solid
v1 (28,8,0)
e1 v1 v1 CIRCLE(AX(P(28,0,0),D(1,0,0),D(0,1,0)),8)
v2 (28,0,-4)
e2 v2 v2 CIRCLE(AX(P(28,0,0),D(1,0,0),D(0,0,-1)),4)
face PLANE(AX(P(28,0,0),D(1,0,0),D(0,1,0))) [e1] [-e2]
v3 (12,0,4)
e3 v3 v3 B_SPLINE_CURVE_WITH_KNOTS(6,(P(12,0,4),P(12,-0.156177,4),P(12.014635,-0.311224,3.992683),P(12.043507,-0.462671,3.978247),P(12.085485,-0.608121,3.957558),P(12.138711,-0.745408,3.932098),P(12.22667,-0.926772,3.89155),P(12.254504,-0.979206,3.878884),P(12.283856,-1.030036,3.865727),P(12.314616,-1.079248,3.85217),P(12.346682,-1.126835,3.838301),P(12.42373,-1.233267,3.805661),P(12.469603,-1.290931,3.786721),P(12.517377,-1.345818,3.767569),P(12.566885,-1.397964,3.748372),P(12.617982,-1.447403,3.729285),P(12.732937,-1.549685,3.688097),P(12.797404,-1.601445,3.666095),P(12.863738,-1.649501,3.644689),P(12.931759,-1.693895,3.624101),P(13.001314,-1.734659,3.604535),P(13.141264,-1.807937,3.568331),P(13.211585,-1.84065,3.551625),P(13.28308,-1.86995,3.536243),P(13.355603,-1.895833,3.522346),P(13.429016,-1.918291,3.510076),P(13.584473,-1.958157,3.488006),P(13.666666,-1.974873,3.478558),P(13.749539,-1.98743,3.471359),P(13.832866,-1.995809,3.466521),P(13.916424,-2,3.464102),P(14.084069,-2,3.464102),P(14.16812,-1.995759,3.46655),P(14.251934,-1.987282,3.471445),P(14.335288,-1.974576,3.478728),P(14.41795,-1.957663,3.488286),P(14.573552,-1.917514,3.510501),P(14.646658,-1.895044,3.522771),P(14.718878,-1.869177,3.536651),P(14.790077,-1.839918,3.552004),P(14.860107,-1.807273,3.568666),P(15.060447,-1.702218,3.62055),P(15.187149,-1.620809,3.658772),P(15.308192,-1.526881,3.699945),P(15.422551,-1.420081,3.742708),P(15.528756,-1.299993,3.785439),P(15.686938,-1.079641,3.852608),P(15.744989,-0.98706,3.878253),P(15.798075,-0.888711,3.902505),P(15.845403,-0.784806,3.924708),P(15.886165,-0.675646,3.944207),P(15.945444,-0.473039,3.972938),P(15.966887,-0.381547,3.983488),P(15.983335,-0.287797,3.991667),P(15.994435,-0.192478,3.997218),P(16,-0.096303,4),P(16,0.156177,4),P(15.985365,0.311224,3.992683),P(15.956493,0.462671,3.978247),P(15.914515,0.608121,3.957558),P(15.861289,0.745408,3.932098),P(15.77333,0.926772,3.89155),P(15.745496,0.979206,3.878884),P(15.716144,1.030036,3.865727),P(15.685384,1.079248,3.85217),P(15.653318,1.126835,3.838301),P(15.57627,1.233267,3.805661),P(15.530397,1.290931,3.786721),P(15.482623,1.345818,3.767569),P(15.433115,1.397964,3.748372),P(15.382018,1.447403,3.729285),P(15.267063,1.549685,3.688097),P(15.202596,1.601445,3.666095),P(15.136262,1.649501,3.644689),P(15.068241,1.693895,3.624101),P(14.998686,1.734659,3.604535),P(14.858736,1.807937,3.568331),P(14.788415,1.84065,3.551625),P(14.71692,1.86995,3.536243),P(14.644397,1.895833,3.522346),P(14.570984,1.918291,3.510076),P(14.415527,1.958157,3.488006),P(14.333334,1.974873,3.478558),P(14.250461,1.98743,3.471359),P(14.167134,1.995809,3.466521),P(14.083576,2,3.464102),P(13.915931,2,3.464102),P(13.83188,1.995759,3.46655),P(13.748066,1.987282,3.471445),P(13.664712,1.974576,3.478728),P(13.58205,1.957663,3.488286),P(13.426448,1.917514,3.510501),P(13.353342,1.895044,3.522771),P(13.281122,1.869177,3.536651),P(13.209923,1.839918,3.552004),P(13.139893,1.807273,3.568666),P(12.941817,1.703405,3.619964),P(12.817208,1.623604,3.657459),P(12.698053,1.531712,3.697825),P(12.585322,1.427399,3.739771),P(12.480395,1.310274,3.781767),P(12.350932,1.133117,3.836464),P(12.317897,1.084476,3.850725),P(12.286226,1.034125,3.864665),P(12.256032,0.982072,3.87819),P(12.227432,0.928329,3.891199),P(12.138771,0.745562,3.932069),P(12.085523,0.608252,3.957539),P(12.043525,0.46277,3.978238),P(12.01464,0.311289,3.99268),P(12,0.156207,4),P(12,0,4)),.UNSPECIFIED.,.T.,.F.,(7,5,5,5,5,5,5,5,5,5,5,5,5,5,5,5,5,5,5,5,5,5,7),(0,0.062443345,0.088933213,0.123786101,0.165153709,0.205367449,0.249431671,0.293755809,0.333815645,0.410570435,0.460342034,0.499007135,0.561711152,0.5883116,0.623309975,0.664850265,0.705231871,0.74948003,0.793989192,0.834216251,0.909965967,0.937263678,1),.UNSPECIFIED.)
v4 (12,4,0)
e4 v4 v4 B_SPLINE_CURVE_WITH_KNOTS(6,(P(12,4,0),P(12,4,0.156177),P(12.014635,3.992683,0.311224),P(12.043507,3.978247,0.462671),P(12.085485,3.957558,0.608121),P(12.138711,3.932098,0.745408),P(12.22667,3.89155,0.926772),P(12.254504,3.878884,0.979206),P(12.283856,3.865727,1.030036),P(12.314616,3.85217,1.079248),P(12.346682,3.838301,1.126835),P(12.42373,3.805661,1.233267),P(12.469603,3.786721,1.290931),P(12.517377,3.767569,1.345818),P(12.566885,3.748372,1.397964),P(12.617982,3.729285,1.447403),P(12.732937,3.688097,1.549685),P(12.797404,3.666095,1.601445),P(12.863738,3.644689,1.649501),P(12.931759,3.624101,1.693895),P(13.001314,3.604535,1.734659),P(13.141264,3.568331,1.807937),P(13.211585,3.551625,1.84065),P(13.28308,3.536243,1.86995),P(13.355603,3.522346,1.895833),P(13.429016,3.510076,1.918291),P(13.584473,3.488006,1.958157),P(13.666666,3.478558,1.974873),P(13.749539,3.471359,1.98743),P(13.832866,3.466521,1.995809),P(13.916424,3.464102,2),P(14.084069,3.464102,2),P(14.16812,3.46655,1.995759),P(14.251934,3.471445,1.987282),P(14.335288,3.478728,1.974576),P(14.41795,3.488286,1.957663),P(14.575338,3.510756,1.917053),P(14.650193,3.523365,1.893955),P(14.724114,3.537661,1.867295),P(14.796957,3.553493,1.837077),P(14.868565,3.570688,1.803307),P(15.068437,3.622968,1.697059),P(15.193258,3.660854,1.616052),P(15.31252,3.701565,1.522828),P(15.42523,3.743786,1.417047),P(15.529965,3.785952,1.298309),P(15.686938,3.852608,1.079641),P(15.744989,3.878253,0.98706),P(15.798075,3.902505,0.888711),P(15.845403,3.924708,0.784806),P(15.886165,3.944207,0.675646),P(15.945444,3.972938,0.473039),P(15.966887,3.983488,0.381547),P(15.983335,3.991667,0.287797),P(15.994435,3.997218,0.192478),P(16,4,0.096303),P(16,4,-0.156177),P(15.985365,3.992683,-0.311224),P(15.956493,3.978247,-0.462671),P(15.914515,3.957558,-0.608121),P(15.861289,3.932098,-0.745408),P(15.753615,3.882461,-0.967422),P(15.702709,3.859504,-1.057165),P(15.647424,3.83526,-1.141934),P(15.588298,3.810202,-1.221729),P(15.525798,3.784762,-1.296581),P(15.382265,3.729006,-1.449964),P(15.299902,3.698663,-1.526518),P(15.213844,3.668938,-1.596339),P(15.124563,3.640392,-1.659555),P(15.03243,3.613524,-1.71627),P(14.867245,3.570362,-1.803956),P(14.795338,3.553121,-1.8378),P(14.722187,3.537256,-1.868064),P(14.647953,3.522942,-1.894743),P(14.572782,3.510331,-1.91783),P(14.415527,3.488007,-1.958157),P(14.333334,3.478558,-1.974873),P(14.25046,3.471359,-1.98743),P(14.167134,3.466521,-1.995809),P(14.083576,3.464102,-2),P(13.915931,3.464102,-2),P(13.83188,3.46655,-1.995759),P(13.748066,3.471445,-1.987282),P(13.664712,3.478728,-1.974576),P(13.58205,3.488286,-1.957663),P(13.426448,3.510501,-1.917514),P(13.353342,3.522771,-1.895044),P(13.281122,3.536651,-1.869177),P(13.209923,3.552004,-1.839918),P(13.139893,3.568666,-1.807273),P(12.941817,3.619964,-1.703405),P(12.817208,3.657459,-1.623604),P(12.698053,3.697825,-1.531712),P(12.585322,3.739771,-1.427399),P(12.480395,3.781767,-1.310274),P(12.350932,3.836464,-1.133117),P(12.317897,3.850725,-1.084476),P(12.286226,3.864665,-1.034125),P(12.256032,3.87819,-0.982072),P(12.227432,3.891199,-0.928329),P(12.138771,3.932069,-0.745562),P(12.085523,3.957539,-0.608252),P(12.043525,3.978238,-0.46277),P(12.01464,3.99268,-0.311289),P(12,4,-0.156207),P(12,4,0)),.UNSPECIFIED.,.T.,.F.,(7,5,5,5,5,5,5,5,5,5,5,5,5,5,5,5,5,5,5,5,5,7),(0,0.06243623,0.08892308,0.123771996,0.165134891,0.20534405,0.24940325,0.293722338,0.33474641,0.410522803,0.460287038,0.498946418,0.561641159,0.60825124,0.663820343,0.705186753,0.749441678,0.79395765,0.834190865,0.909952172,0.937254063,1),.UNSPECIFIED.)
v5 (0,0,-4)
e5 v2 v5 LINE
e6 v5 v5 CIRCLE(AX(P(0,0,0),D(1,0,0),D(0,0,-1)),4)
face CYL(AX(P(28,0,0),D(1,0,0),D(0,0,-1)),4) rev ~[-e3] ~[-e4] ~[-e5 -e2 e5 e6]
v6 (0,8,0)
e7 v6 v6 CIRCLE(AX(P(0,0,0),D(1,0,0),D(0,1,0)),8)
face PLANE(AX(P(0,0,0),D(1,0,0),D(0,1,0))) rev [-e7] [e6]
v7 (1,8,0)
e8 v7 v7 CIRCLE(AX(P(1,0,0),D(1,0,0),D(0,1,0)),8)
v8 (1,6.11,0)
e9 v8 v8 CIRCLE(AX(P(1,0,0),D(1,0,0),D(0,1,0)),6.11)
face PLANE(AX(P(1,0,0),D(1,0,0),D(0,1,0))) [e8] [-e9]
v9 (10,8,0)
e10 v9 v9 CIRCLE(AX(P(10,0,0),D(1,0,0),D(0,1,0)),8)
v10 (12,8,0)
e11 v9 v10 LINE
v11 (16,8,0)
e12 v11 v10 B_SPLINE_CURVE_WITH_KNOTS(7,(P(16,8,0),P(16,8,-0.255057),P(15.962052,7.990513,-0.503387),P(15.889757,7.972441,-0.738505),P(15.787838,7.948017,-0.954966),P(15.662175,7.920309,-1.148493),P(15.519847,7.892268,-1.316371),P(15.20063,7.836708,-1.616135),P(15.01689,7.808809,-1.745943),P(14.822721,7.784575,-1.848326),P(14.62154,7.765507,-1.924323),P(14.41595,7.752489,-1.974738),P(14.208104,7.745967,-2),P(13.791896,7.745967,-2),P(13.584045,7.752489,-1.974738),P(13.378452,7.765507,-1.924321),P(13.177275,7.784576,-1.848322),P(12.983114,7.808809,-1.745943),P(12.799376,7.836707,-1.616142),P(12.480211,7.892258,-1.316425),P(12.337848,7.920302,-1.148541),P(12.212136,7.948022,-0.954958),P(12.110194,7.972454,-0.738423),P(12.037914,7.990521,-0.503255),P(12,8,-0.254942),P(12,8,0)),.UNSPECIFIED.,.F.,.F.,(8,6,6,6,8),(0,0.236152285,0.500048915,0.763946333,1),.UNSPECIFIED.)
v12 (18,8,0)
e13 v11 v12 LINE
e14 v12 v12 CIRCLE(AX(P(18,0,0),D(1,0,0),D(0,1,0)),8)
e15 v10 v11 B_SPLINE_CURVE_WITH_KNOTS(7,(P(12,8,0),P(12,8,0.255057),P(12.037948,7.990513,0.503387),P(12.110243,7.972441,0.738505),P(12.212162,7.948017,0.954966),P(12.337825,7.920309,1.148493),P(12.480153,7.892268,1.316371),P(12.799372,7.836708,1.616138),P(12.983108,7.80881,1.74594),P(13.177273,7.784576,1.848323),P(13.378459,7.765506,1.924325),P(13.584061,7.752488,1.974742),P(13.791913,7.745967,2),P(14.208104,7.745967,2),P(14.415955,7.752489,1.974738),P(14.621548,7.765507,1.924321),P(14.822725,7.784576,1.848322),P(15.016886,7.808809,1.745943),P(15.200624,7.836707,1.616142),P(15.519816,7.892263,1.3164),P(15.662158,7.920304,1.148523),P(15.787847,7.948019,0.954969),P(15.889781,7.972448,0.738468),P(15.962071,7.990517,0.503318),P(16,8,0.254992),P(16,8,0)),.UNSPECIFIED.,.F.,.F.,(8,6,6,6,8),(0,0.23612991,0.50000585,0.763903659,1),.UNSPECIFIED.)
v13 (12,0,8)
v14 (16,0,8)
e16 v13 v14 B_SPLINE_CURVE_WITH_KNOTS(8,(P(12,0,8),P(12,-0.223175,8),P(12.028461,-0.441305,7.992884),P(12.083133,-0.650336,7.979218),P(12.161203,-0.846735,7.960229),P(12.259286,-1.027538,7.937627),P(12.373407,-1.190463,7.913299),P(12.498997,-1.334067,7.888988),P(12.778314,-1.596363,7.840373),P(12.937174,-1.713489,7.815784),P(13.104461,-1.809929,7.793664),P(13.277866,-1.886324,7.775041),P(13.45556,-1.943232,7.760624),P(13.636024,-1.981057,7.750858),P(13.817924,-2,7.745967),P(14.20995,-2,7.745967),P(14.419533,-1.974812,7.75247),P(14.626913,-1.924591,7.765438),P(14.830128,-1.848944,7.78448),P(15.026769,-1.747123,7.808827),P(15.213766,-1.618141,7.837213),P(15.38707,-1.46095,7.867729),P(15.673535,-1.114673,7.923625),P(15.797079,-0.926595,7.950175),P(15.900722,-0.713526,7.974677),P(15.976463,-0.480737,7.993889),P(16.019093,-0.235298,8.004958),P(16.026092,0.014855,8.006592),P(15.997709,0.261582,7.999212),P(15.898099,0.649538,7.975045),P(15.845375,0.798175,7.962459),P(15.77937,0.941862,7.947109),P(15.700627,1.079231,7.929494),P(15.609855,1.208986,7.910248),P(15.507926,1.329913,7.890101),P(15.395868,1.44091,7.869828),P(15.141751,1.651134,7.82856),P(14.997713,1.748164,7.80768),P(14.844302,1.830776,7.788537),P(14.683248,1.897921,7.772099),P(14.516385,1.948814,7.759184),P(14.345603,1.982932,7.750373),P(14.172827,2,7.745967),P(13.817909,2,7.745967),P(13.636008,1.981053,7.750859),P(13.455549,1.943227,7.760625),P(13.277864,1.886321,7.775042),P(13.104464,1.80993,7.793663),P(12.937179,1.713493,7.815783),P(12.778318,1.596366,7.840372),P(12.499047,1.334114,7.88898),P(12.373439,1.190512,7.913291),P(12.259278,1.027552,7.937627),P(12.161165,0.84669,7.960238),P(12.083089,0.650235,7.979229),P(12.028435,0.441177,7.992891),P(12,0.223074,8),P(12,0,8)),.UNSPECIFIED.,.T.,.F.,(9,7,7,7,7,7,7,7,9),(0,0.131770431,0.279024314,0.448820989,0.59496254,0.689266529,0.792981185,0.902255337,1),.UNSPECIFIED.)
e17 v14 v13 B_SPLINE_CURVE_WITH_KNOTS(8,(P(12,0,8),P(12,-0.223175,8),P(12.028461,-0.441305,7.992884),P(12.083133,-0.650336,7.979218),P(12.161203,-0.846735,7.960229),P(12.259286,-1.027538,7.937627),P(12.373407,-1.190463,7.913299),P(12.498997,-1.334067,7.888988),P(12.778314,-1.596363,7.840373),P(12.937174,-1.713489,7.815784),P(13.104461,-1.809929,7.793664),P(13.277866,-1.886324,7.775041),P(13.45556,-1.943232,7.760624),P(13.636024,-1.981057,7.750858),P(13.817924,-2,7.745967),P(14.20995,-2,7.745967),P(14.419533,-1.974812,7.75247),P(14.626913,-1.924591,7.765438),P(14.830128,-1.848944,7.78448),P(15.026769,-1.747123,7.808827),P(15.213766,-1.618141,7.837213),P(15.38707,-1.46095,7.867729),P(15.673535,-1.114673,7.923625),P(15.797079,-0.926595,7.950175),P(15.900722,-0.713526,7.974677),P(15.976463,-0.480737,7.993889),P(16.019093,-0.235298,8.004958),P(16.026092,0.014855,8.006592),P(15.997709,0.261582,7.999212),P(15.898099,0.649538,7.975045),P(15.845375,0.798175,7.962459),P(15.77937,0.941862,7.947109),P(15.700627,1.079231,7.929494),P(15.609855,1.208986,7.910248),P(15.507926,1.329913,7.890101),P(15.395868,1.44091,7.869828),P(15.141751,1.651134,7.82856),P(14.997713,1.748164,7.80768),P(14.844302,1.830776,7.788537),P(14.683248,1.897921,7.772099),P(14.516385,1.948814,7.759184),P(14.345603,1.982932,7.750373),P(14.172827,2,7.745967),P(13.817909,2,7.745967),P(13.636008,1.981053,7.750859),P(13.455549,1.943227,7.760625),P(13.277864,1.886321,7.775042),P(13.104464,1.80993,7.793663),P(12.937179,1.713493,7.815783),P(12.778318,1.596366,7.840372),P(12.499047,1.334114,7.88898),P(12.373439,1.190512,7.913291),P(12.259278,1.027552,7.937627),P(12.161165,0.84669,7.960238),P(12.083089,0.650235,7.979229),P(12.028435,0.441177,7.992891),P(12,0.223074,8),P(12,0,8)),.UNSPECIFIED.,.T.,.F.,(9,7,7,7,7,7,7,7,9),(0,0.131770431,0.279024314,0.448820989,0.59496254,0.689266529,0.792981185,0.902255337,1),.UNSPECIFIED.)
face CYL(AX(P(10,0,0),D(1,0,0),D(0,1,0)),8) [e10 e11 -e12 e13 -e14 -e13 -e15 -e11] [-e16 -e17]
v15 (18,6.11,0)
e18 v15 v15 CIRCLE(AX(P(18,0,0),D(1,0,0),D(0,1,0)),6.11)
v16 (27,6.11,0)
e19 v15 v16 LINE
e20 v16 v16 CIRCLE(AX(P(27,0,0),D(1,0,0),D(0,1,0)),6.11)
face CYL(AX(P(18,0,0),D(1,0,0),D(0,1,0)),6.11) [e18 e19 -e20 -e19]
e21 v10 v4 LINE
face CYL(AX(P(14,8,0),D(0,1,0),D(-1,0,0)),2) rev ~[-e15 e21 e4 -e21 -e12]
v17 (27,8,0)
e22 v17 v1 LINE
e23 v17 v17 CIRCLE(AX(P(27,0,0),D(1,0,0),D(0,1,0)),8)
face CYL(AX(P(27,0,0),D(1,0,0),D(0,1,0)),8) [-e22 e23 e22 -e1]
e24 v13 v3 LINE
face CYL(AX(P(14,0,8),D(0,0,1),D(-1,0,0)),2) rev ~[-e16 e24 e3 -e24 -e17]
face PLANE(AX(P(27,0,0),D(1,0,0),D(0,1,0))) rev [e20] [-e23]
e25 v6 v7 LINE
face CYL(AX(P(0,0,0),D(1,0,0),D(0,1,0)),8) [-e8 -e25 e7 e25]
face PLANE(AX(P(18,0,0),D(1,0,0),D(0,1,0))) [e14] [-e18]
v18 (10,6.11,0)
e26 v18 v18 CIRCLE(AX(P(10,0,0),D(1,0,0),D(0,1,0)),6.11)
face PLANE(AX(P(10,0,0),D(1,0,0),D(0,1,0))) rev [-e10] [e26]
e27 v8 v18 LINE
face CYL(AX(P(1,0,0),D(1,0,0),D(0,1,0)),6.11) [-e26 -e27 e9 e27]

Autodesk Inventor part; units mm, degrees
ref_plane "YZ Plane" through (0, 0, 0) normal (1, 0, 0) x (0, 1, 0)
ref_plane "XY Plane" through (0, 0, 0) normal (0, 0, 1) x (1, 0, 0)
sketch "Эскиз1" plane through (0, 0, 0) normal (0, 0, 1) x (1, 0, 0)
  line L0 (10, 6.11) -> (10, 8)
  line L1 (10, 8) -> (18, 8)
  line L2 (18, 8) -> (18, 6.11)
  line L3 (18, 6.11) -> (27, 6.11)
  line L4 (27, 6.11) -> (27, 8)
  line L5 (27, 8) -> (28, 8)
  line L6 (28, 8) -> (28, 0)
  line L7 (0, 0) -> (0, 8)
  line L8 (0, 8) -> (1, 8)
  line L9 (1, 8) -> (1, 6.11)
  line L10 (1, 6.11) -> (10, 6.11)
  line L11 (0, 0) -> (28, 0)
  point P0 (22.5, 6.11)
  dimension "d0" = 6.11
  dimension "d1" = 8
  dimension "d2" = 28
  dimension "d4" = 9
  dimension "d5" = 8
revolve "Вращение1" add sketch "Эскиз1" angle 360 about axis through (0, 0, 0) along (1, 0, 0)
sketch "Эскиз2" plane through (28, 0, 0) normal (1, 0, 0) x (0, 0, -1)
  circle A0 centre (0, 0) radius 4
  dimension "d7" = 8
extrude "Выдавливание1" cut sketch "Эскиз2" against normal through all
ref_plane "РабПлоскость1" through (14, 8, 0) normal (0, 1, 0) x (-1, 0, 0)
sketch "Эскиз3" plane through (14, 8, 0) normal (0, 1, 0) x (-1, 0, 0)
  circle A0 centre (0, 0) radius 2
  line L0 (4, -8) -> (-4, -8) projected
  point P0 (14, 0)
  point P1 (0, -8)
  dimension "d10" = 4
extrude "Выдавливание2" cut sketch "Эскиз3" against normal blind 6.5
pattern_circular "Круговой массив1" count 2 over 90 about axis through (14, 0, 0) along (1, 0, 0) of "Выдавливание2"
properties part number "double_gt2"
